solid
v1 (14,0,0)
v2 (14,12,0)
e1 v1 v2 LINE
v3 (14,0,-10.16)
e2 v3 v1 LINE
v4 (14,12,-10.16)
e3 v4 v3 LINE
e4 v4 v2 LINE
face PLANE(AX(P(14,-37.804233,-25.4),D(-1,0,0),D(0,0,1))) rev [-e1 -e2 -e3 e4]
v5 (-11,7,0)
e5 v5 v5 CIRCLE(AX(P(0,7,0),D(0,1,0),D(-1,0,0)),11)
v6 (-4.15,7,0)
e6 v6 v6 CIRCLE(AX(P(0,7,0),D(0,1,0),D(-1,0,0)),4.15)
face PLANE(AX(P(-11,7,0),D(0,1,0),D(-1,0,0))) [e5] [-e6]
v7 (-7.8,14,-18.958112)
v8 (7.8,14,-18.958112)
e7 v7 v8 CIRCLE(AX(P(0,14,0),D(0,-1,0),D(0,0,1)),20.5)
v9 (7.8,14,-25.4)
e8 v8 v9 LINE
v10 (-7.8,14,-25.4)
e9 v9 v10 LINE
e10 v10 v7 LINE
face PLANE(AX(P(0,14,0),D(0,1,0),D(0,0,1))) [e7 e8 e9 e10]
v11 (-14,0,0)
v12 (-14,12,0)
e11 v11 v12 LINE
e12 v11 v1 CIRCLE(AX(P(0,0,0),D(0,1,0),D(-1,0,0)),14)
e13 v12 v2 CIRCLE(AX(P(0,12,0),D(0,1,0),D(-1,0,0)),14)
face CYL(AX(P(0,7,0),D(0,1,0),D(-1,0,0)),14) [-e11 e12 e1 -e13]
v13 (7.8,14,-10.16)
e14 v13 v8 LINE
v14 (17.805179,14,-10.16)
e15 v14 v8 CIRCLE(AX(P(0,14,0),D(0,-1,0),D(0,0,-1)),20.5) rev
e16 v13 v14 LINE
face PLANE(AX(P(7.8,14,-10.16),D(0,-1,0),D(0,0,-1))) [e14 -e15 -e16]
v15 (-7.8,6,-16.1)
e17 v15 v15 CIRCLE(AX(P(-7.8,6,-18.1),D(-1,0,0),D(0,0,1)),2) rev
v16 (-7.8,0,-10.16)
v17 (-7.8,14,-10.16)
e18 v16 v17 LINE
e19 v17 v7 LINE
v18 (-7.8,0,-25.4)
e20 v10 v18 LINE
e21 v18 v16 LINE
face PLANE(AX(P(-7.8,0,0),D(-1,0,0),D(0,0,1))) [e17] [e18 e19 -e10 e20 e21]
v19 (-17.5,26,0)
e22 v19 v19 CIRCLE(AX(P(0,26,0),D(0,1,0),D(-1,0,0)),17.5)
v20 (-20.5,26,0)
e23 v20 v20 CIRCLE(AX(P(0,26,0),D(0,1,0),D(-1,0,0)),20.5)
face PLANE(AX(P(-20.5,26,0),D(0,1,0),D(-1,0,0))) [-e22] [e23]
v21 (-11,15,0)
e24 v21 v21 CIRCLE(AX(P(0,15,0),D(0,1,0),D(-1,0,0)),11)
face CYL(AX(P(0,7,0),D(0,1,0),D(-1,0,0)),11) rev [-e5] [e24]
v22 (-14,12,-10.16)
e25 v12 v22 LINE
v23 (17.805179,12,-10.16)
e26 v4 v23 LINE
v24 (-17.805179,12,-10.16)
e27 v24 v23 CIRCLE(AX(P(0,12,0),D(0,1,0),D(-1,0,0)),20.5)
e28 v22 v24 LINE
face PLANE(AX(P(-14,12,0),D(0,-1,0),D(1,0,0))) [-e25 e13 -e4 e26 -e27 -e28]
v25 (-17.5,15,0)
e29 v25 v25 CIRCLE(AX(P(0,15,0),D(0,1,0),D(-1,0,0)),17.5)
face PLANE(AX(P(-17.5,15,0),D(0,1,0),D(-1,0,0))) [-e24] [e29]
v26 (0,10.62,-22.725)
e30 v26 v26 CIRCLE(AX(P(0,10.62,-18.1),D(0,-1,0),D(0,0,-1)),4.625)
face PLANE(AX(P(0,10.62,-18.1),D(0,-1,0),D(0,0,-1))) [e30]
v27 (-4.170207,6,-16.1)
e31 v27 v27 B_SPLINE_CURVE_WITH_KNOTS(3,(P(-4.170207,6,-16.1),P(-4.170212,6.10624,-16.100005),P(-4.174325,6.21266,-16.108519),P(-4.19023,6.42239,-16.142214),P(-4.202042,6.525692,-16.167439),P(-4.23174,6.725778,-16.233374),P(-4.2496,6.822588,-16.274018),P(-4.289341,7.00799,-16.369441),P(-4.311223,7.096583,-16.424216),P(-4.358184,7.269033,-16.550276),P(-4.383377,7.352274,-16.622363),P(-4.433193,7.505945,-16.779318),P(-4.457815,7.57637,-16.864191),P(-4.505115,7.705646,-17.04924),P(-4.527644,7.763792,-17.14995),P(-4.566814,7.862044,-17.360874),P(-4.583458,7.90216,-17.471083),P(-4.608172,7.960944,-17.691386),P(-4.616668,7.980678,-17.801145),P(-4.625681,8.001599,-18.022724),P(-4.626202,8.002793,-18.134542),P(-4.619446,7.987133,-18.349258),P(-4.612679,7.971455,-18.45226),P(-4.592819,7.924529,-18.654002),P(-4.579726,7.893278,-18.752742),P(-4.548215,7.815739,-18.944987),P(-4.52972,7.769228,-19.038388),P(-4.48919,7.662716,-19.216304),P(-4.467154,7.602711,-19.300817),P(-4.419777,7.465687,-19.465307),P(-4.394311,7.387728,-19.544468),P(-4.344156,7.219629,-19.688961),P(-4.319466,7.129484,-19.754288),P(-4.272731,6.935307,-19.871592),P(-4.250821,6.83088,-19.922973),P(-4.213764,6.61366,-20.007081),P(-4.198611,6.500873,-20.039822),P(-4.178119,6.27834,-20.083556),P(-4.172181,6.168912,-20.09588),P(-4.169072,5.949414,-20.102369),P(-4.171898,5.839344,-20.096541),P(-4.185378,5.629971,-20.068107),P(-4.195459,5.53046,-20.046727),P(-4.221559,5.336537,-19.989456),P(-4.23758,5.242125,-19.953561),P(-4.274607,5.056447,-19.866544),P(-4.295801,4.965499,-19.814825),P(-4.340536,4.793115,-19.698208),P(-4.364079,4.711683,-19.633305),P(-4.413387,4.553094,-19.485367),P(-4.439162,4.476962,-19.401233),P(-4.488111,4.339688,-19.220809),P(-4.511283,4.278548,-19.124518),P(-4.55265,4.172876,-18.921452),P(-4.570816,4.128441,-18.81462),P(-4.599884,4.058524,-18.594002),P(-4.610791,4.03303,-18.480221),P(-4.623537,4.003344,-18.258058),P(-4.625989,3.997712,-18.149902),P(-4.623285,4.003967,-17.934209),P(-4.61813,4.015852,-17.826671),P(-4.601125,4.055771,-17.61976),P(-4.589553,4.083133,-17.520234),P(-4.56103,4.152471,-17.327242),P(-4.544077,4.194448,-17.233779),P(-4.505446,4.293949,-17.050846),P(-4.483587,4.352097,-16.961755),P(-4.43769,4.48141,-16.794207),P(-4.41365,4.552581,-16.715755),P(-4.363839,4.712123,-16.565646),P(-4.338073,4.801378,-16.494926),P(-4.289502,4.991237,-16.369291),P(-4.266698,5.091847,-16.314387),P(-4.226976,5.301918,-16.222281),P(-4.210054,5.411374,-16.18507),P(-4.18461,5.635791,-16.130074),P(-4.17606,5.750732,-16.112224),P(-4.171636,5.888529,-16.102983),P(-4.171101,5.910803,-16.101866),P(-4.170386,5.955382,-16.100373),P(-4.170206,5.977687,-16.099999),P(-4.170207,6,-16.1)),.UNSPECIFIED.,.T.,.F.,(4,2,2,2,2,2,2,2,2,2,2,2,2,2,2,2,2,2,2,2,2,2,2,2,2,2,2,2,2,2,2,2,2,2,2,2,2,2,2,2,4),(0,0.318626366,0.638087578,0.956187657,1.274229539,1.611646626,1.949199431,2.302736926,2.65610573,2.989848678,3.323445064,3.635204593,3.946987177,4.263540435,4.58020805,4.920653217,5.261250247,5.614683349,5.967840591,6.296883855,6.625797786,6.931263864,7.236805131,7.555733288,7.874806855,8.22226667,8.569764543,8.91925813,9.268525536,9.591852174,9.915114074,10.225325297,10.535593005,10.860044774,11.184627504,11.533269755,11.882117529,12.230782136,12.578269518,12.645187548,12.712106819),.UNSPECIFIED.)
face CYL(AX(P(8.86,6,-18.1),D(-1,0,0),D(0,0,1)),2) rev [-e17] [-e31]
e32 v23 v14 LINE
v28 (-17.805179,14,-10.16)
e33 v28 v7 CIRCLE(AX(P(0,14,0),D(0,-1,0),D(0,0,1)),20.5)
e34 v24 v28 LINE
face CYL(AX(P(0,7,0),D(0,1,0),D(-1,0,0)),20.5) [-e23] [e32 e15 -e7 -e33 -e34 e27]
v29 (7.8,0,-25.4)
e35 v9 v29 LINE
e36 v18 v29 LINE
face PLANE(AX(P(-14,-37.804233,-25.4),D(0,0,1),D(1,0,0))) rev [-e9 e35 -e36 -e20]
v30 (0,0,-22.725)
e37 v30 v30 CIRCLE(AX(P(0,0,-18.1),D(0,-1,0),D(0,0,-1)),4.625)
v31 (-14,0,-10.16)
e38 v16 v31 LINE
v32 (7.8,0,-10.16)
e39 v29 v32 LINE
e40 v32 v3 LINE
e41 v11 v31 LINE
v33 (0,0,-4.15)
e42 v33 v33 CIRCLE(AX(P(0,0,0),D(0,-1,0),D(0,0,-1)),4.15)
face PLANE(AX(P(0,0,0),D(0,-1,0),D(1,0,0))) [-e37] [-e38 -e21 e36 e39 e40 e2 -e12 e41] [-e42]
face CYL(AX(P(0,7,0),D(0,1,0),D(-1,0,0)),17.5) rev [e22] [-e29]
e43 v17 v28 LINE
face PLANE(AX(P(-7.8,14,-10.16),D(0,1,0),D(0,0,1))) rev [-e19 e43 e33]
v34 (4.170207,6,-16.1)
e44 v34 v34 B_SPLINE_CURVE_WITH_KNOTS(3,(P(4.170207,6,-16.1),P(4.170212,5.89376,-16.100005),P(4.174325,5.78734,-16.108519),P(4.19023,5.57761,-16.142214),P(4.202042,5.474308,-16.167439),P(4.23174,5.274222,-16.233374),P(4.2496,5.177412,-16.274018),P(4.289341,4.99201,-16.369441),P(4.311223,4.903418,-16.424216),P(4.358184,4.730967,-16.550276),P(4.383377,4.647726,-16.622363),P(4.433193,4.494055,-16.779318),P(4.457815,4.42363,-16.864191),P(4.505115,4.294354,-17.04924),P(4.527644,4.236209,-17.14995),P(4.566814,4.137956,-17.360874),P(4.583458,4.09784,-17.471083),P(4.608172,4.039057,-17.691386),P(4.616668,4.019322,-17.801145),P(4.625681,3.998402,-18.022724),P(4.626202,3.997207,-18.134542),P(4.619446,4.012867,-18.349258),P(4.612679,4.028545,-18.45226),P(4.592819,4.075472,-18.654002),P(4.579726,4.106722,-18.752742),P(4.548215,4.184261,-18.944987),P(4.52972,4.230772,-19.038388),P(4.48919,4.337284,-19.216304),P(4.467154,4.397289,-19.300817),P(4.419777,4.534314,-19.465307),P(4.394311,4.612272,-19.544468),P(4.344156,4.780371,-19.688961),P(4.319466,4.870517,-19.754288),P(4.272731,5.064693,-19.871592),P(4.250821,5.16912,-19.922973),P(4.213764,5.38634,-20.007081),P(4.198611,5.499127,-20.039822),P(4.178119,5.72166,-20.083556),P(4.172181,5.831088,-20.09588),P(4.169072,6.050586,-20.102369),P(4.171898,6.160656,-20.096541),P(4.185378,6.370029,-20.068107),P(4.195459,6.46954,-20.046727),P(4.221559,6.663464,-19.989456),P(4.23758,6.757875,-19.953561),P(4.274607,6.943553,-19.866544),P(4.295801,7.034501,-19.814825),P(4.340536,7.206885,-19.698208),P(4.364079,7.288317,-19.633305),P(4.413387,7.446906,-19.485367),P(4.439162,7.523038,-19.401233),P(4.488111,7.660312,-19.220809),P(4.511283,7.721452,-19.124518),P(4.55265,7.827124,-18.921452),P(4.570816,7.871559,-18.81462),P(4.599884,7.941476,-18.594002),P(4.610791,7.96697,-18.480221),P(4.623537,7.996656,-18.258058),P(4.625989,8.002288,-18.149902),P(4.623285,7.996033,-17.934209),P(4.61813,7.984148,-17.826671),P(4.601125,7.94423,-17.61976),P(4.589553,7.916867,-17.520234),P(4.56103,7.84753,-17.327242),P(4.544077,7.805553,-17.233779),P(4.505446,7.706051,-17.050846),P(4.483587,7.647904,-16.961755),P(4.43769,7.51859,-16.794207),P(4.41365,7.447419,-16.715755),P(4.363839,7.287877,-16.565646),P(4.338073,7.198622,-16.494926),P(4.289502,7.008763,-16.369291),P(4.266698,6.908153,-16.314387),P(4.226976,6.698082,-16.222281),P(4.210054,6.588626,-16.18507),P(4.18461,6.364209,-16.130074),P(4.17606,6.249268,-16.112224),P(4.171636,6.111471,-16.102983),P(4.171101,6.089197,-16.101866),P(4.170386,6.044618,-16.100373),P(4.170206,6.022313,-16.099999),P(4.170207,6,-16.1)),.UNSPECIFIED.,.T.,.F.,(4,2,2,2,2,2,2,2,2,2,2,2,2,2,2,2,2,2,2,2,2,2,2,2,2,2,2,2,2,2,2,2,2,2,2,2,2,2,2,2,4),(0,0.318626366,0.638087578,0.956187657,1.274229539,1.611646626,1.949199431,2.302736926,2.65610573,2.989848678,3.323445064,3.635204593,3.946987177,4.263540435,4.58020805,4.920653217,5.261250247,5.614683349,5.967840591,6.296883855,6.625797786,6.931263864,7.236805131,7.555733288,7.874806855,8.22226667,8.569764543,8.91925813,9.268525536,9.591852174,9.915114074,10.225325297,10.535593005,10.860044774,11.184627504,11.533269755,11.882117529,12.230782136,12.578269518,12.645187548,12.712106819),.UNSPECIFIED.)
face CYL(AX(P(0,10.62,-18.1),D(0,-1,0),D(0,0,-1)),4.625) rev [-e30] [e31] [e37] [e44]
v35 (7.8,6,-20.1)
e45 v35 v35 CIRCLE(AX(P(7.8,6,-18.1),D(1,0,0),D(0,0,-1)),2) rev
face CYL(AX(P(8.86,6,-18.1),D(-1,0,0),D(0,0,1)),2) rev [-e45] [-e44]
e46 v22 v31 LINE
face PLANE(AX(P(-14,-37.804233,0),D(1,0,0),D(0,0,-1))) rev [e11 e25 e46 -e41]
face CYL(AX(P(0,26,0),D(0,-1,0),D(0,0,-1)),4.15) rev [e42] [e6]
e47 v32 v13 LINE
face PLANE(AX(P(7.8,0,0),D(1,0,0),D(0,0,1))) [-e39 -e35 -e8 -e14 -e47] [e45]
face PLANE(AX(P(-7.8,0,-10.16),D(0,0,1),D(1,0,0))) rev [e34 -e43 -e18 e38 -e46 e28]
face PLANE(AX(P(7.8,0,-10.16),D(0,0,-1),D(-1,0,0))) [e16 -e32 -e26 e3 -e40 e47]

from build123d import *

# Parameters (mm, degrees)
SKETCH2_R           = 4.15
CUT_EXTRUDE1_DEPTH  = 26.999999876
BOSS_EXTRUDE1_DEPTH = 12
SKETCH4_R           = 4.62499994
CUT_EXTRUDE2_DEPTH  = 10.62
SKETCH5_R           = 2
CUT_EXTRUDE3_DEPTH  = 22.86
BOSS_EXTRUDE2_DEPTH = 2
SKETCH7_W           = 15.24
SKETCH7_H           = 13.999999876
CUT_EXTRUDE4_DEPTH  = 12.699999968


with BuildPart() as part:
    # Sketch1 → Revolve1 (revolve)
    with BuildSketch(Plane.XY):
        Polygon((0, 0), (-14.000000152, 0), (-14.000000152, 11.999999876), (-20.500000052, 11.999999876), (-20.500000052, 25.999999876), (-17.500000052, 25.999999876), (-17.500000052, 14.999999876), (-11.000000152, 14.999999876), (-11.000000152, 6.999999906), (0, 6.999999906), align=None)
    revolve(axis=Axis((0, 6.999999906, 0), (0, -1, 0)))

    # Sketch2 → Cut-Extrude1 (cut, through all)
    with BuildSketch(Plane.XZ):
        Circle(SKETCH2_R)
    extrude(amount=-CUT_EXTRUDE1_DEPTH, mode=Mode.SUBTRACT)

    # Sketch3 → Boss-Extrude1 (add)
    with BuildSketch(Plane.XZ.offset(-11.999999876)):
        with BuildLine():
            Line((-14.000000152, 0), (-14.000000152, -25.4))
            Line((-14.000000152, -25.4), (14.000000152, -25.4))
            Line((14.000000152, -25.4), (14.000000152, 0))
            ThreePointArc((14.000000152, 0), (0, -14.000000152), (-14.000000152, 0))
        make_face()
    extrude(amount=BOSS_EXTRUDE1_DEPTH)

    # Sketch4 → Cut-Extrude2 (cut)
    with BuildSketch(Plane.XZ):
        with Locations((0, -18.1)):
            Circle(SKETCH4_R)
    extrude(amount=-CUT_EXTRUDE2_DEPTH, mode=Mode.SUBTRACT)

    # Sketch5 → Cut-Extrude3 (cut)
    with BuildSketch(Plane.ZY.offset(14.000000152)):
        with Locations((-18.1, 6.000000096)):
            Circle(SKETCH5_R)
    extrude(amount=-CUT_EXTRUDE3_DEPTH, mode=Mode.SUBTRACT)

    # Sketch6 → Boss-Extrude2 (add)
    with BuildSketch(Plane(origin=(0, 11.999999876, 0), x_dir=(1, 0, 0), z_dir=(0, 1, 0))):
        with BuildLine():
            Line((14.000000152, 14.974979061), (14.000000152, 25.4))
            Line((14.000000152, 25.4), (-14.000000152, 25.4))
            Line((-14.000000152, 25.4), (-14.000000152, 14.974979061))
            ThreePointArc((-14.000000152, 14.974979061), (0, 20.500000052), (14.000000152, 14.974979061))
        make_face()
    extrude(amount=BOSS_EXTRUDE2_DEPTH)

    # Sketch7 → Cut-Extrude4 (cut)
    with BuildSketch(Plane.ZY.offset(20.500000052)):
        with Locations((-17.78, 6.999999938)):
            Rectangle(SKETCH7_W, SKETCH7_H)
    cut_extrude4 = extrude(amount=-CUT_EXTRUDE4_DEPTH, mode=Mode.SUBTRACT)

    # Mirror1: Cut-Extrude4 across plane
    add(cut_extrude4.mirror(Plane(origin=(0, 0, 0), x_dir=(0, 0, 1), z_dir=(1, 0, 0))), mode=Mode.SUBTRACT)


solid = part.part
